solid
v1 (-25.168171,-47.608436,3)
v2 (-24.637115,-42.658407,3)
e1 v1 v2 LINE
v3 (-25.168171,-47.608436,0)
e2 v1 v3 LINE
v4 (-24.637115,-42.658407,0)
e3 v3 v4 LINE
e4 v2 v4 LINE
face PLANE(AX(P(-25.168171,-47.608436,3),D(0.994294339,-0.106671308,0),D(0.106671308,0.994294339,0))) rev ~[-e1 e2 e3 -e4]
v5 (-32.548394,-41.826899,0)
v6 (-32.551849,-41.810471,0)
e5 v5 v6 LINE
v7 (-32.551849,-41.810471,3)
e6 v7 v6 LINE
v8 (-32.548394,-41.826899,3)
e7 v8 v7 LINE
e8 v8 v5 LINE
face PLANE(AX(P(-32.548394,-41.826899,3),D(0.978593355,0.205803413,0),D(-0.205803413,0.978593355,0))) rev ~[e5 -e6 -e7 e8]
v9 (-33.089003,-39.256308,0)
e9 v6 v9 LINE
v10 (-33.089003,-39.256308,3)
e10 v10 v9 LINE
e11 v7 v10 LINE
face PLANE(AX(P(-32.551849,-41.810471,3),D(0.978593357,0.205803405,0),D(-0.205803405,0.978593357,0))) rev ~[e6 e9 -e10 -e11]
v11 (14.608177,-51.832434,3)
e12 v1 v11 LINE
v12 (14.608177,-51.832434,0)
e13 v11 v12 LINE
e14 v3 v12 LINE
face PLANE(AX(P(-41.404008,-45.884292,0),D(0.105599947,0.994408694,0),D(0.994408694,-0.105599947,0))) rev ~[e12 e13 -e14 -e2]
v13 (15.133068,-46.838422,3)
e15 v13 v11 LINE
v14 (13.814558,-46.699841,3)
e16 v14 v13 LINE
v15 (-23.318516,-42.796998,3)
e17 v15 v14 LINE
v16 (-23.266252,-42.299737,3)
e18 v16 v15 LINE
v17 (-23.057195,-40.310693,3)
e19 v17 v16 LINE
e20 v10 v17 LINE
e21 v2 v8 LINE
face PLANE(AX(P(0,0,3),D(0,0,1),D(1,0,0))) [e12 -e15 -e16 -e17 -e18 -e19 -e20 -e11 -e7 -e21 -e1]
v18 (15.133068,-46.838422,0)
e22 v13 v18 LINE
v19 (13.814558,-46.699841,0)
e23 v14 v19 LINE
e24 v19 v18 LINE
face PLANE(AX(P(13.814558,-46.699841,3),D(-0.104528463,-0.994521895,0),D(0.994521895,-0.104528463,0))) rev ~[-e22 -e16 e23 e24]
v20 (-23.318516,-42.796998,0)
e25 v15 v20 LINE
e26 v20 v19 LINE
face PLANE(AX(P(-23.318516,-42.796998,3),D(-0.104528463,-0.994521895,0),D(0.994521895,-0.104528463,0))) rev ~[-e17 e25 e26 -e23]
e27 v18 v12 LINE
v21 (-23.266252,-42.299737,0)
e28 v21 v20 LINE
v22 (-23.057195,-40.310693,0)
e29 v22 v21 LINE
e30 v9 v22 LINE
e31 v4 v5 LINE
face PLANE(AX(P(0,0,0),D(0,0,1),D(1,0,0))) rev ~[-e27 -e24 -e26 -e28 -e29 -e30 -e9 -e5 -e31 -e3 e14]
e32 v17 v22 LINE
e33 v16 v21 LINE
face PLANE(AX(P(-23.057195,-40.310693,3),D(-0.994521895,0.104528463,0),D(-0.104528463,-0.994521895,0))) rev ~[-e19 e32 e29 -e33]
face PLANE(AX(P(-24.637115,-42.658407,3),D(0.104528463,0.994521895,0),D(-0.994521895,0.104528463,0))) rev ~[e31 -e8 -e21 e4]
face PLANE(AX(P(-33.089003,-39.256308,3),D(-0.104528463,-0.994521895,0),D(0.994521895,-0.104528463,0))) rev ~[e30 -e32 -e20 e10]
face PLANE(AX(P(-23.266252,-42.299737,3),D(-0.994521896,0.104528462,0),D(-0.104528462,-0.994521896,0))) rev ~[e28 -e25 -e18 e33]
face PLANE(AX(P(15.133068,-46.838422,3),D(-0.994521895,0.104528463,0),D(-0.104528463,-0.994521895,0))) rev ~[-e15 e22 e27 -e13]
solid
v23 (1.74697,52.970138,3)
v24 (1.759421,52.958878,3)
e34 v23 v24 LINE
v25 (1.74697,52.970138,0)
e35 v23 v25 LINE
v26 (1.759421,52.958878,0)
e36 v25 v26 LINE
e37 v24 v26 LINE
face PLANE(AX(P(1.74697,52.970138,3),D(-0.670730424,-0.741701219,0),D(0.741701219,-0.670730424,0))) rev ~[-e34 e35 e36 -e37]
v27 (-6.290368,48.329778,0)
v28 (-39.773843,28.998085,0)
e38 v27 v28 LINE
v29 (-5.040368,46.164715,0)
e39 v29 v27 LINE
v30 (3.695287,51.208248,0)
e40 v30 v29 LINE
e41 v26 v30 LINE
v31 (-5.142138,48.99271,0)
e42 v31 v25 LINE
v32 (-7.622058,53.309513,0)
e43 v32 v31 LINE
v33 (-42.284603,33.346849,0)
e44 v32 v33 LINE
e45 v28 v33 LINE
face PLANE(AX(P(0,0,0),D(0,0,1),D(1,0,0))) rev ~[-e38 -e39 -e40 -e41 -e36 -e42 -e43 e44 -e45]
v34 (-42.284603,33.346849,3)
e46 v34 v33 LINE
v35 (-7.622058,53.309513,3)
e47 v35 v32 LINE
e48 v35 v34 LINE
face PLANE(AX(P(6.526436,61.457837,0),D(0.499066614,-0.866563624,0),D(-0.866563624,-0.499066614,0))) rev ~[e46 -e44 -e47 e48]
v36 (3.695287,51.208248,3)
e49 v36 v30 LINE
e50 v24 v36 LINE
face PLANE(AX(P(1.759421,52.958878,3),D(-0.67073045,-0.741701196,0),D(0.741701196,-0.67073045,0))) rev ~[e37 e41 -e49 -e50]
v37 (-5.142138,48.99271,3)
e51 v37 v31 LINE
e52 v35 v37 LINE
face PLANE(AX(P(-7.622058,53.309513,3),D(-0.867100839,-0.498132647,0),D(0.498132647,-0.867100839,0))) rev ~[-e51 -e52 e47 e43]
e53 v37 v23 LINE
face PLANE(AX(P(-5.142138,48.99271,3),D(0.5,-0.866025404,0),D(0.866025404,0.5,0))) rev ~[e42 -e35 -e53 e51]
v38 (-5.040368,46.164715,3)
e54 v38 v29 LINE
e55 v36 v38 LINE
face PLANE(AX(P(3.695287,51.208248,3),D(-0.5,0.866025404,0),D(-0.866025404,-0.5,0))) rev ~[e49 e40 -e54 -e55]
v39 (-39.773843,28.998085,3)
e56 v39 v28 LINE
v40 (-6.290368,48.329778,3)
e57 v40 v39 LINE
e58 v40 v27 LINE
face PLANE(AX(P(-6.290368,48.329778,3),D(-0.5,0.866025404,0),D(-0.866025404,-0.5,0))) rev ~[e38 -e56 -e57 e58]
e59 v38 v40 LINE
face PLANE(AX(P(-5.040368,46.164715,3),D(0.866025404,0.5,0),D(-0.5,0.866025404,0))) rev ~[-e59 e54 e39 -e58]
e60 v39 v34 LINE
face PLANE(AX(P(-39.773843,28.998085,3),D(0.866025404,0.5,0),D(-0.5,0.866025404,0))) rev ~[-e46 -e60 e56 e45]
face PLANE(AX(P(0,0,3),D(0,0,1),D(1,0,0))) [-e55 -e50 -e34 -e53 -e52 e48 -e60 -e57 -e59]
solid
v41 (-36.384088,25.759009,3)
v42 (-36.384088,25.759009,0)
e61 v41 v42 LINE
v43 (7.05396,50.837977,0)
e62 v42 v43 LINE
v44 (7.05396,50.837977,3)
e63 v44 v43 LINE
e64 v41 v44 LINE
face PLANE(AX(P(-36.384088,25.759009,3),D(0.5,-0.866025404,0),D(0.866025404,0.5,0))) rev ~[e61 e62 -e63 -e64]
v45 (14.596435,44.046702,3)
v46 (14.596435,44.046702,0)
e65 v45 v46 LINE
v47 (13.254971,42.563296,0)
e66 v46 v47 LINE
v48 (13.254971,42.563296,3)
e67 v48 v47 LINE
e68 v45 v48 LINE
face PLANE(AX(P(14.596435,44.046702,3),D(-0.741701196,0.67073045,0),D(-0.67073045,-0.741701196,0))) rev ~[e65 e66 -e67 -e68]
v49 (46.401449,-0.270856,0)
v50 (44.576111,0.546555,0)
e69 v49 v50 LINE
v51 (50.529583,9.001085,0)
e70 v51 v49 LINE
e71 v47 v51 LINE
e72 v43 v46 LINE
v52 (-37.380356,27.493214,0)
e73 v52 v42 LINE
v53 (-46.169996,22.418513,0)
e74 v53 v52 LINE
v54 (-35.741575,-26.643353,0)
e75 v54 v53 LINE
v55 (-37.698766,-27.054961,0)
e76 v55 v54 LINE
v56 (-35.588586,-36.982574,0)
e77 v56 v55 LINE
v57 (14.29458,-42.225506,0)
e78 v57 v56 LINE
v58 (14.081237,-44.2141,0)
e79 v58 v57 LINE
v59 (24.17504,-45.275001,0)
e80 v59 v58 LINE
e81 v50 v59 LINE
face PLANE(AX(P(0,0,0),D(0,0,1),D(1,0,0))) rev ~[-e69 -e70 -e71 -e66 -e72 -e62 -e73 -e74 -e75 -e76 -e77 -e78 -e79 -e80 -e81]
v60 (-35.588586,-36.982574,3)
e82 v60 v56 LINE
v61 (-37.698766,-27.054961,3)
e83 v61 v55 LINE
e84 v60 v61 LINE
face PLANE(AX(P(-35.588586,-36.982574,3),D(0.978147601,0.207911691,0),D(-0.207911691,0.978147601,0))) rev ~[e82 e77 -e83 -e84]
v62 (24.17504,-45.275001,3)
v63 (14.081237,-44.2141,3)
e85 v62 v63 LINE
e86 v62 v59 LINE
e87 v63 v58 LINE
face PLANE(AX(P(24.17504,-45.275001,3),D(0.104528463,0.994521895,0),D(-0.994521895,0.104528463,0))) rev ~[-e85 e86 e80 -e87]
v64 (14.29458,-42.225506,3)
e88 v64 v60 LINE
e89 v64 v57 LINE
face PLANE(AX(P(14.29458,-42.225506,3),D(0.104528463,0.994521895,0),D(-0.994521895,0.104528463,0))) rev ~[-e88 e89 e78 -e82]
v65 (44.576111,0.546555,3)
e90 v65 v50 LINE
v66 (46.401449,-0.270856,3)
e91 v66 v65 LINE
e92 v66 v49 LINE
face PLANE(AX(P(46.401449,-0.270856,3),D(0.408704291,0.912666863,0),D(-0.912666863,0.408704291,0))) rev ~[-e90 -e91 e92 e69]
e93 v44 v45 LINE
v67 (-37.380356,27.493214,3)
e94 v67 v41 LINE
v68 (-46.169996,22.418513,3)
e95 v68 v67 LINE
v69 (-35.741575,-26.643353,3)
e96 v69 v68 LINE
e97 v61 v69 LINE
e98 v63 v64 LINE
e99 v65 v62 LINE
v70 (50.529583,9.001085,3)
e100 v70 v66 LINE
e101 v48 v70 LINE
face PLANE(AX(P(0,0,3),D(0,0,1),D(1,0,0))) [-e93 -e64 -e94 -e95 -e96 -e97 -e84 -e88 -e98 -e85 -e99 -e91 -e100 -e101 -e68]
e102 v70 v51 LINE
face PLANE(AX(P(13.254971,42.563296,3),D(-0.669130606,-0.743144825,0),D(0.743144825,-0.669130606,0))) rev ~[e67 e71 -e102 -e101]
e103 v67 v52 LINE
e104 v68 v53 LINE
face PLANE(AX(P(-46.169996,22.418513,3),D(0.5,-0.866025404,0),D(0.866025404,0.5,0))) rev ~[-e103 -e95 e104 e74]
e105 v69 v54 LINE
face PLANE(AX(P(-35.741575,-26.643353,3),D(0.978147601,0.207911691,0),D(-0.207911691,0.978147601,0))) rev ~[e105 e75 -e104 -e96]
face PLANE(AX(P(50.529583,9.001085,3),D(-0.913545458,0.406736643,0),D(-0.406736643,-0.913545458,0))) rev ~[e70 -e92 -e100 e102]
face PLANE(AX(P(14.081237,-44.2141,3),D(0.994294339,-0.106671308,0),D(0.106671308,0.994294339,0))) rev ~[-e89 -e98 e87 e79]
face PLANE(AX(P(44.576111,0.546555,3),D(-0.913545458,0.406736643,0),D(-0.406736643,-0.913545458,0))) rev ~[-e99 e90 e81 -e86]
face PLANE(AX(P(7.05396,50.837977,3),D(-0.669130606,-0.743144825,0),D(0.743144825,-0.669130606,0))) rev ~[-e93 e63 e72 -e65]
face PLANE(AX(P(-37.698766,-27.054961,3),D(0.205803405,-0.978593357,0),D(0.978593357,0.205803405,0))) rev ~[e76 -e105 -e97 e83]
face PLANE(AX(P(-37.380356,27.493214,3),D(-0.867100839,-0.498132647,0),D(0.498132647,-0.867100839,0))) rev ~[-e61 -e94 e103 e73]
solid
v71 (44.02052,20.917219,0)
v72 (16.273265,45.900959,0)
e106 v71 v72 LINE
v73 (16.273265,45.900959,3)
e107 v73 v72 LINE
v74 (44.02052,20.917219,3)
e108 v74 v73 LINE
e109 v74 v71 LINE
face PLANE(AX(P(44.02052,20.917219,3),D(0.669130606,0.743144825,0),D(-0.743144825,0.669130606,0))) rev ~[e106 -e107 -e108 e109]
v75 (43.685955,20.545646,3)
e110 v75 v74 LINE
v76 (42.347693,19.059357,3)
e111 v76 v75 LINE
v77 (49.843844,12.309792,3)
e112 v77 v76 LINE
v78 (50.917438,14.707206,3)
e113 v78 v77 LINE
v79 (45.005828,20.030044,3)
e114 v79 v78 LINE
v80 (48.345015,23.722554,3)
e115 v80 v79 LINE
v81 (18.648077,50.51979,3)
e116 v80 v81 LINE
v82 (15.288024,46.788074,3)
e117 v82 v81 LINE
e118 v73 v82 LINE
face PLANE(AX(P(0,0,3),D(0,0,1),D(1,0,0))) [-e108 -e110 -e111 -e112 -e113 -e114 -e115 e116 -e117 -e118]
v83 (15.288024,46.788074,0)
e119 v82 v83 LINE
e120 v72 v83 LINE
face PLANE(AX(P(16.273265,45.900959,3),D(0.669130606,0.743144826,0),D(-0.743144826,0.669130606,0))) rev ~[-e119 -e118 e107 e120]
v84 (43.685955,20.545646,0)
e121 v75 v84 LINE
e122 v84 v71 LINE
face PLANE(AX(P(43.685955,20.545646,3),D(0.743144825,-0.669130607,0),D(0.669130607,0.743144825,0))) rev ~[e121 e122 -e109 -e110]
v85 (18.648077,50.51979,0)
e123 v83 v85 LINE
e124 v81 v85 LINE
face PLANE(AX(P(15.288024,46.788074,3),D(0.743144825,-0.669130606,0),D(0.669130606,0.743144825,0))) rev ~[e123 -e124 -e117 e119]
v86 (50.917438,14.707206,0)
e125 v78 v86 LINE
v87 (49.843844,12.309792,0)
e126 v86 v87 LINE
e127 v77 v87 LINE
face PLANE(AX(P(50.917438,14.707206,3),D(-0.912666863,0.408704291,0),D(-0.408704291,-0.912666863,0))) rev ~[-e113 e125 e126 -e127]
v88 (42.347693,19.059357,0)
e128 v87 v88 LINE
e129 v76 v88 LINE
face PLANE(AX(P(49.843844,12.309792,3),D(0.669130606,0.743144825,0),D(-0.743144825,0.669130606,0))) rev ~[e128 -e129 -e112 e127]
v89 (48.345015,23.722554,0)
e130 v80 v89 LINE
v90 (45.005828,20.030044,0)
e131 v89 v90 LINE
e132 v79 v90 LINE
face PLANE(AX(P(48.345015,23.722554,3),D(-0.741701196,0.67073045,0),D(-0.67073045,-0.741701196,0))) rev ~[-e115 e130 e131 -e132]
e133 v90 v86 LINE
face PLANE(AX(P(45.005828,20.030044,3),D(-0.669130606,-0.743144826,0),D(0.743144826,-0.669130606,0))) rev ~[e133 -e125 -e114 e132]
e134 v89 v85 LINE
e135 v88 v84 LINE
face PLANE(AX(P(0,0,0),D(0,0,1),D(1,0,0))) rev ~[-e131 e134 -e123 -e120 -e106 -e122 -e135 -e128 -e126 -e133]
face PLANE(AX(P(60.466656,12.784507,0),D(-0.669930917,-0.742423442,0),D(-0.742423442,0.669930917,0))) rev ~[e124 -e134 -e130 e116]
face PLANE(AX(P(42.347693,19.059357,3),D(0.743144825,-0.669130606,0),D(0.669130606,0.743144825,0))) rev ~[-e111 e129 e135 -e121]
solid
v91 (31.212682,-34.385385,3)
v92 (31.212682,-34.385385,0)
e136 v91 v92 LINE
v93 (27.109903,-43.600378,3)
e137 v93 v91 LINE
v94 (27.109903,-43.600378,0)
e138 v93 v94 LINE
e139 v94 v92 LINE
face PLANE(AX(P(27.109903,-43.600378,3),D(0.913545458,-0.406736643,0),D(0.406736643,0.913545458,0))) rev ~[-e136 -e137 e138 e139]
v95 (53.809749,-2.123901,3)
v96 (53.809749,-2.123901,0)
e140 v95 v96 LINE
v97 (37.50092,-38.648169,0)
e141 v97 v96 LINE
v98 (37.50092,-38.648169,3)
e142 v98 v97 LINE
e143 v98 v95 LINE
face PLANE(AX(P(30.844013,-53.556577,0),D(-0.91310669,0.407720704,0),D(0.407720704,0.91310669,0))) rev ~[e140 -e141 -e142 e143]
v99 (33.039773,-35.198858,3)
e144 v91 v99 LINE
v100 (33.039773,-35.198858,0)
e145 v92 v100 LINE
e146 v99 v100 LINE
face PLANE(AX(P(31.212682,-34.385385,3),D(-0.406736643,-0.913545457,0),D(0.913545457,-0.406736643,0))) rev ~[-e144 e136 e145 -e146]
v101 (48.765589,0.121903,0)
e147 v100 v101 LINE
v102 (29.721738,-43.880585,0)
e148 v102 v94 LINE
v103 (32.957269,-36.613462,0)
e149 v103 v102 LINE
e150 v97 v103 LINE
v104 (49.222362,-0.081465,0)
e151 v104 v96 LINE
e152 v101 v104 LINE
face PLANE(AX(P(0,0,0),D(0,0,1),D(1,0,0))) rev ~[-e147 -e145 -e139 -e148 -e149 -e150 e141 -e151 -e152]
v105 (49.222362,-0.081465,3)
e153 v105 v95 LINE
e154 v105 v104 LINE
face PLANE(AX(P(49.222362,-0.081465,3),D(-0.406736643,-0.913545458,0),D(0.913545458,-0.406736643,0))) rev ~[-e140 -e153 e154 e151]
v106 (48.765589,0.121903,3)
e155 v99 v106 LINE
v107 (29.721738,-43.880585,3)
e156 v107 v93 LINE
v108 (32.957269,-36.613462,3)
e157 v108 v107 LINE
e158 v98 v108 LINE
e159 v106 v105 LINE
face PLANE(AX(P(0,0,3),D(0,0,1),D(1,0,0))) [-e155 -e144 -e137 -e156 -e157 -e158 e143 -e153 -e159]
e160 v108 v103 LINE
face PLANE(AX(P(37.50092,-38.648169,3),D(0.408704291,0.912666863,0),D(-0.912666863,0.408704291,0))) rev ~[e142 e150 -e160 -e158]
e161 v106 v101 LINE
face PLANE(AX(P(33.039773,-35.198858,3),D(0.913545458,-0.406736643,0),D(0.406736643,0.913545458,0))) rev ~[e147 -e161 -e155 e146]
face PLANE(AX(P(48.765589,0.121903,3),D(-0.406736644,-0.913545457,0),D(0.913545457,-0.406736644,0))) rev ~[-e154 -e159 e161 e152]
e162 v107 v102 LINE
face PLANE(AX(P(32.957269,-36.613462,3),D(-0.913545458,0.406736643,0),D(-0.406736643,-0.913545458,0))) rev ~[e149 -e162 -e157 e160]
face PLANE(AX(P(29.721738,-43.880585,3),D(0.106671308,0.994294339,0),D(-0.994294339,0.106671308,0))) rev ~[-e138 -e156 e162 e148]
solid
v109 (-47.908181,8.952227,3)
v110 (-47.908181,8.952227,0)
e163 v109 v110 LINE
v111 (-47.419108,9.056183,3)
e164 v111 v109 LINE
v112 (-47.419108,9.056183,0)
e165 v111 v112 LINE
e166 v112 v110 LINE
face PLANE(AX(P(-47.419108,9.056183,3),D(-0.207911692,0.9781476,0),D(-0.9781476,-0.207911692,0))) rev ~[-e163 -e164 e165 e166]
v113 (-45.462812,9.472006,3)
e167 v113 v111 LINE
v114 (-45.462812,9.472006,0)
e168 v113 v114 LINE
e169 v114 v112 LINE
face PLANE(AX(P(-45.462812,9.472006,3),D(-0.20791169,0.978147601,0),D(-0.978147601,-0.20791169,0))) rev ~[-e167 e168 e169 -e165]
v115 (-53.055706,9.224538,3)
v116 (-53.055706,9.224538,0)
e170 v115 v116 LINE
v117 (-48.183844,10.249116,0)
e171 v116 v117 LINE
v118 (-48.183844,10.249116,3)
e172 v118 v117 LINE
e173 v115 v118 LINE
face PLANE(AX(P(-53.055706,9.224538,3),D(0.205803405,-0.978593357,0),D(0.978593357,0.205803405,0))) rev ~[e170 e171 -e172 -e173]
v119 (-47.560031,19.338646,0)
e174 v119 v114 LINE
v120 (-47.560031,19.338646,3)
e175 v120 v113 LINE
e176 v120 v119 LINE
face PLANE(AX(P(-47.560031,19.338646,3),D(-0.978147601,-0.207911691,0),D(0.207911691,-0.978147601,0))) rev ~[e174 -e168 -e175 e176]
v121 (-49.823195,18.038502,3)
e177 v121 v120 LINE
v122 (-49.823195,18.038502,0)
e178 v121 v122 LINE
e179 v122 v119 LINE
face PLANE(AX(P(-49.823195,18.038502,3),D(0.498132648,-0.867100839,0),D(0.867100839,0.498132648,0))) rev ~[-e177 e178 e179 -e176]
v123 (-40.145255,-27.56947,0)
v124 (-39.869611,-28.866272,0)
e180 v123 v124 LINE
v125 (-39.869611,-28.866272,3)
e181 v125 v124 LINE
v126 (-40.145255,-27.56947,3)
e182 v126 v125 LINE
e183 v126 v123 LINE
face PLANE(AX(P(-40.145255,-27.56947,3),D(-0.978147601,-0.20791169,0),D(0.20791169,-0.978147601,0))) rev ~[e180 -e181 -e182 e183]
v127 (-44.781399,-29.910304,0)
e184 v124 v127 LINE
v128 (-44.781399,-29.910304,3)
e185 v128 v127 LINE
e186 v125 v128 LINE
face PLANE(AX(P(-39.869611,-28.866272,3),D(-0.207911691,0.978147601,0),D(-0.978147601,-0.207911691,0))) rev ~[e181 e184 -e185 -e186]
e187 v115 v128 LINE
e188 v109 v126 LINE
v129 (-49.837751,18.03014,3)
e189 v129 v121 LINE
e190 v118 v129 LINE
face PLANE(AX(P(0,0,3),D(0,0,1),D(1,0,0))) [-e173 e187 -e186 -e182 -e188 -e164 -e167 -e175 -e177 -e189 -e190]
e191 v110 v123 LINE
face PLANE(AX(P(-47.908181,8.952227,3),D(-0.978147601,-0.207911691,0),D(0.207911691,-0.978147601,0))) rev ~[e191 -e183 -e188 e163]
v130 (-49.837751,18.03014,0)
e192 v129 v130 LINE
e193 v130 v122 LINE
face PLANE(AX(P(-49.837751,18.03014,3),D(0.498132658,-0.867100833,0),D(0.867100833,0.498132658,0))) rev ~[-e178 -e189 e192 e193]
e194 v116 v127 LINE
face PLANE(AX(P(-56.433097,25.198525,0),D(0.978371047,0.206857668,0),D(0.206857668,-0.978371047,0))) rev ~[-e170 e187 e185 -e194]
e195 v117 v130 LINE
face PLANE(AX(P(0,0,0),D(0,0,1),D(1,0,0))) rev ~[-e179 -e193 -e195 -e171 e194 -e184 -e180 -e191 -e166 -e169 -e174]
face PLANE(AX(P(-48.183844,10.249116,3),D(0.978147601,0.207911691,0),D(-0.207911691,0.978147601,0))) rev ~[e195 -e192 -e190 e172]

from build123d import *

# Parameters (mm, degrees)
BOSS_EXTRUDE1_DEPTH = 3
CUT_EXTRUDE3_DEPTH  = 10


with BuildPart() as part:
    # Sketch1 → Boss-Extrude1 (new body)
    with BuildSketch(Plane.XY):
        Polygon((-41.404007678, -45.884292091), (30.844012981, -53.556577334), (60.46665605, 12.784506978), (6.526435644, 61.457837175), (-56.433096997, 25.198525272), align=None)
    extrude(amount=BOSS_EXTRUDE1_DEPTH)

    # Sketch4 → Cut-Extrude3 (cut)
    with BuildSketch(Plane.XY.offset(3)):
        Polygon((48.765589151, 0.121903102), (49.22236188, -0.08146522), (53.809748587, -2.123901372), (60.46665605, 12.784506978), (48.345014677, 23.722553737), (45.005827669, 20.030043583), (50.917437936, 14.707205791), (49.84384433, 12.30979199), (42.347693446, 19.059356563), (43.685954659, 20.545646214), (44.020519963, 20.917218627), (16.273265348, 45.900958899), (15.288024352, 46.788073876), (18.648077016, 50.519790415), (6.526435644, 61.457837175), (-7.622058186, 53.309513494), (-5.142137876, 48.99270954), (1.746969728, 52.97013767), (1.75942092, 52.958877889), (3.695287077, 51.20824787), (-5.040368308, 46.164714882), (-6.290368308, 48.329778391), (-39.77384321, 28.998085143), (-42.284603166, 33.346848953), (-56.433096997, 25.198525272), (-53.0557057, 9.224537526), (-48.18384365, 10.249116114), (-49.837751265, 18.030139678), (-49.823194949, 18.038502), (-47.560031319, 19.338645698), (-45.462812376, 9.472006315), (-47.419107578, 9.056182934), (-47.908181378, 8.952227088), (-40.145254927, -27.569470429), (-39.869611319, -28.866271649), (-44.781398973, -29.910304344), (-41.404007678, -45.884292091), (-25.168171234, -47.608435772), (-24.637115209, -42.658407427), (-32.548393933, -41.826898527), (-32.551848825, -41.810470547), (-33.089002938, -39.256307532), (-23.057194965, -40.310693037), (-23.266251892, -42.299736828), (-23.318516123, -42.796997776), (13.814558486, -46.699841186), (15.133068296, -46.838422151), (14.608176536, -51.832433652), (30.844012981, -53.556577334), (37.500920443, -38.648168984), (32.957269066, -36.61346181), (29.721737535, -43.880584612), (27.109902849, -43.600378026), (31.212682203, -34.385384722), (33.039773118, -35.198858009), align=None)
        Polygon((24.175040114, -45.275000985), (14.081237376, -44.214099567), (14.294580487, -42.225506273), (-35.588586477, -36.982574156), (-37.698765855, -27.054960721), (-35.741574597, -26.643352955), (-46.169996168, 22.418513165), (-37.380356008, 27.493214278), (-36.3840884, 25.759008573), (7.053959585, 50.83797727), (14.59643533, 44.046701604), (13.254971316, 42.563295769), (50.529582947, 9.001084707), (46.401449157, -0.270855594), (44.576111193, 0.546554886), align=None, mode=Mode.SUBTRACT)
    extrude(amount=-CUT_EXTRUDE3_DEPTH, mode=Mode.SUBTRACT)


with BuildPart() as cut_extrude3_piece_1:
    # of the separate pieces the step leaves, piece 1, a body of its own (cut_extrude3_pieces)
    add(part.part.solids().sort_by_distance((13.254971316, 42.563295769, 0))[0])


with BuildPart() as cut_extrude3_piece_2:
    # of the separate pieces the step leaves, piece 2, a body of its own (cut_extrude3_pieces)
    add(part.part.solids().sort_by_distance((37.500920444, -38.648168984, 0))[0])


with BuildPart() as cut_extrude3_piece_3:
    # of the separate pieces the step leaves, piece 3, a body of its own (cut_extrude3_pieces)
    add(part.part.solids().sort_by_distance((-25.168171234, -47.608435773, 0))[0])


with BuildPart() as cut_extrude3_piece_4:
    # of the separate pieces the step leaves, piece 4, a body of its own (cut_extrude3_pieces)
    add(part.part.solids().sort_by_distance((-53.055705701, 9.224537526, 0))[0])


with BuildPart() as cut_extrude3_piece_5:
    # of the separate pieces the step leaves, piece 5, a body of its own (cut_extrude3_pieces)
    add(part.part.solids().sort_by_distance((-7.622058186, 53.309513494, 0))[0])


with BuildPart() as cut_extrude3_piece_6:
    # of the separate pieces the step leaves, piece 6, a body of its own (cut_extrude3_pieces)
    add(part.part.solids().sort_by_distance((48.345014677, 23.722553737, 0))[0])


solid = Compound([cut_extrude3_piece_1.part, cut_extrude3_piece_2.part, cut_extrude3_piece_3.part, cut_extrude3_piece_4.part, cut_extrude3_piece_5.part, cut_extrude3_piece_6.part])
